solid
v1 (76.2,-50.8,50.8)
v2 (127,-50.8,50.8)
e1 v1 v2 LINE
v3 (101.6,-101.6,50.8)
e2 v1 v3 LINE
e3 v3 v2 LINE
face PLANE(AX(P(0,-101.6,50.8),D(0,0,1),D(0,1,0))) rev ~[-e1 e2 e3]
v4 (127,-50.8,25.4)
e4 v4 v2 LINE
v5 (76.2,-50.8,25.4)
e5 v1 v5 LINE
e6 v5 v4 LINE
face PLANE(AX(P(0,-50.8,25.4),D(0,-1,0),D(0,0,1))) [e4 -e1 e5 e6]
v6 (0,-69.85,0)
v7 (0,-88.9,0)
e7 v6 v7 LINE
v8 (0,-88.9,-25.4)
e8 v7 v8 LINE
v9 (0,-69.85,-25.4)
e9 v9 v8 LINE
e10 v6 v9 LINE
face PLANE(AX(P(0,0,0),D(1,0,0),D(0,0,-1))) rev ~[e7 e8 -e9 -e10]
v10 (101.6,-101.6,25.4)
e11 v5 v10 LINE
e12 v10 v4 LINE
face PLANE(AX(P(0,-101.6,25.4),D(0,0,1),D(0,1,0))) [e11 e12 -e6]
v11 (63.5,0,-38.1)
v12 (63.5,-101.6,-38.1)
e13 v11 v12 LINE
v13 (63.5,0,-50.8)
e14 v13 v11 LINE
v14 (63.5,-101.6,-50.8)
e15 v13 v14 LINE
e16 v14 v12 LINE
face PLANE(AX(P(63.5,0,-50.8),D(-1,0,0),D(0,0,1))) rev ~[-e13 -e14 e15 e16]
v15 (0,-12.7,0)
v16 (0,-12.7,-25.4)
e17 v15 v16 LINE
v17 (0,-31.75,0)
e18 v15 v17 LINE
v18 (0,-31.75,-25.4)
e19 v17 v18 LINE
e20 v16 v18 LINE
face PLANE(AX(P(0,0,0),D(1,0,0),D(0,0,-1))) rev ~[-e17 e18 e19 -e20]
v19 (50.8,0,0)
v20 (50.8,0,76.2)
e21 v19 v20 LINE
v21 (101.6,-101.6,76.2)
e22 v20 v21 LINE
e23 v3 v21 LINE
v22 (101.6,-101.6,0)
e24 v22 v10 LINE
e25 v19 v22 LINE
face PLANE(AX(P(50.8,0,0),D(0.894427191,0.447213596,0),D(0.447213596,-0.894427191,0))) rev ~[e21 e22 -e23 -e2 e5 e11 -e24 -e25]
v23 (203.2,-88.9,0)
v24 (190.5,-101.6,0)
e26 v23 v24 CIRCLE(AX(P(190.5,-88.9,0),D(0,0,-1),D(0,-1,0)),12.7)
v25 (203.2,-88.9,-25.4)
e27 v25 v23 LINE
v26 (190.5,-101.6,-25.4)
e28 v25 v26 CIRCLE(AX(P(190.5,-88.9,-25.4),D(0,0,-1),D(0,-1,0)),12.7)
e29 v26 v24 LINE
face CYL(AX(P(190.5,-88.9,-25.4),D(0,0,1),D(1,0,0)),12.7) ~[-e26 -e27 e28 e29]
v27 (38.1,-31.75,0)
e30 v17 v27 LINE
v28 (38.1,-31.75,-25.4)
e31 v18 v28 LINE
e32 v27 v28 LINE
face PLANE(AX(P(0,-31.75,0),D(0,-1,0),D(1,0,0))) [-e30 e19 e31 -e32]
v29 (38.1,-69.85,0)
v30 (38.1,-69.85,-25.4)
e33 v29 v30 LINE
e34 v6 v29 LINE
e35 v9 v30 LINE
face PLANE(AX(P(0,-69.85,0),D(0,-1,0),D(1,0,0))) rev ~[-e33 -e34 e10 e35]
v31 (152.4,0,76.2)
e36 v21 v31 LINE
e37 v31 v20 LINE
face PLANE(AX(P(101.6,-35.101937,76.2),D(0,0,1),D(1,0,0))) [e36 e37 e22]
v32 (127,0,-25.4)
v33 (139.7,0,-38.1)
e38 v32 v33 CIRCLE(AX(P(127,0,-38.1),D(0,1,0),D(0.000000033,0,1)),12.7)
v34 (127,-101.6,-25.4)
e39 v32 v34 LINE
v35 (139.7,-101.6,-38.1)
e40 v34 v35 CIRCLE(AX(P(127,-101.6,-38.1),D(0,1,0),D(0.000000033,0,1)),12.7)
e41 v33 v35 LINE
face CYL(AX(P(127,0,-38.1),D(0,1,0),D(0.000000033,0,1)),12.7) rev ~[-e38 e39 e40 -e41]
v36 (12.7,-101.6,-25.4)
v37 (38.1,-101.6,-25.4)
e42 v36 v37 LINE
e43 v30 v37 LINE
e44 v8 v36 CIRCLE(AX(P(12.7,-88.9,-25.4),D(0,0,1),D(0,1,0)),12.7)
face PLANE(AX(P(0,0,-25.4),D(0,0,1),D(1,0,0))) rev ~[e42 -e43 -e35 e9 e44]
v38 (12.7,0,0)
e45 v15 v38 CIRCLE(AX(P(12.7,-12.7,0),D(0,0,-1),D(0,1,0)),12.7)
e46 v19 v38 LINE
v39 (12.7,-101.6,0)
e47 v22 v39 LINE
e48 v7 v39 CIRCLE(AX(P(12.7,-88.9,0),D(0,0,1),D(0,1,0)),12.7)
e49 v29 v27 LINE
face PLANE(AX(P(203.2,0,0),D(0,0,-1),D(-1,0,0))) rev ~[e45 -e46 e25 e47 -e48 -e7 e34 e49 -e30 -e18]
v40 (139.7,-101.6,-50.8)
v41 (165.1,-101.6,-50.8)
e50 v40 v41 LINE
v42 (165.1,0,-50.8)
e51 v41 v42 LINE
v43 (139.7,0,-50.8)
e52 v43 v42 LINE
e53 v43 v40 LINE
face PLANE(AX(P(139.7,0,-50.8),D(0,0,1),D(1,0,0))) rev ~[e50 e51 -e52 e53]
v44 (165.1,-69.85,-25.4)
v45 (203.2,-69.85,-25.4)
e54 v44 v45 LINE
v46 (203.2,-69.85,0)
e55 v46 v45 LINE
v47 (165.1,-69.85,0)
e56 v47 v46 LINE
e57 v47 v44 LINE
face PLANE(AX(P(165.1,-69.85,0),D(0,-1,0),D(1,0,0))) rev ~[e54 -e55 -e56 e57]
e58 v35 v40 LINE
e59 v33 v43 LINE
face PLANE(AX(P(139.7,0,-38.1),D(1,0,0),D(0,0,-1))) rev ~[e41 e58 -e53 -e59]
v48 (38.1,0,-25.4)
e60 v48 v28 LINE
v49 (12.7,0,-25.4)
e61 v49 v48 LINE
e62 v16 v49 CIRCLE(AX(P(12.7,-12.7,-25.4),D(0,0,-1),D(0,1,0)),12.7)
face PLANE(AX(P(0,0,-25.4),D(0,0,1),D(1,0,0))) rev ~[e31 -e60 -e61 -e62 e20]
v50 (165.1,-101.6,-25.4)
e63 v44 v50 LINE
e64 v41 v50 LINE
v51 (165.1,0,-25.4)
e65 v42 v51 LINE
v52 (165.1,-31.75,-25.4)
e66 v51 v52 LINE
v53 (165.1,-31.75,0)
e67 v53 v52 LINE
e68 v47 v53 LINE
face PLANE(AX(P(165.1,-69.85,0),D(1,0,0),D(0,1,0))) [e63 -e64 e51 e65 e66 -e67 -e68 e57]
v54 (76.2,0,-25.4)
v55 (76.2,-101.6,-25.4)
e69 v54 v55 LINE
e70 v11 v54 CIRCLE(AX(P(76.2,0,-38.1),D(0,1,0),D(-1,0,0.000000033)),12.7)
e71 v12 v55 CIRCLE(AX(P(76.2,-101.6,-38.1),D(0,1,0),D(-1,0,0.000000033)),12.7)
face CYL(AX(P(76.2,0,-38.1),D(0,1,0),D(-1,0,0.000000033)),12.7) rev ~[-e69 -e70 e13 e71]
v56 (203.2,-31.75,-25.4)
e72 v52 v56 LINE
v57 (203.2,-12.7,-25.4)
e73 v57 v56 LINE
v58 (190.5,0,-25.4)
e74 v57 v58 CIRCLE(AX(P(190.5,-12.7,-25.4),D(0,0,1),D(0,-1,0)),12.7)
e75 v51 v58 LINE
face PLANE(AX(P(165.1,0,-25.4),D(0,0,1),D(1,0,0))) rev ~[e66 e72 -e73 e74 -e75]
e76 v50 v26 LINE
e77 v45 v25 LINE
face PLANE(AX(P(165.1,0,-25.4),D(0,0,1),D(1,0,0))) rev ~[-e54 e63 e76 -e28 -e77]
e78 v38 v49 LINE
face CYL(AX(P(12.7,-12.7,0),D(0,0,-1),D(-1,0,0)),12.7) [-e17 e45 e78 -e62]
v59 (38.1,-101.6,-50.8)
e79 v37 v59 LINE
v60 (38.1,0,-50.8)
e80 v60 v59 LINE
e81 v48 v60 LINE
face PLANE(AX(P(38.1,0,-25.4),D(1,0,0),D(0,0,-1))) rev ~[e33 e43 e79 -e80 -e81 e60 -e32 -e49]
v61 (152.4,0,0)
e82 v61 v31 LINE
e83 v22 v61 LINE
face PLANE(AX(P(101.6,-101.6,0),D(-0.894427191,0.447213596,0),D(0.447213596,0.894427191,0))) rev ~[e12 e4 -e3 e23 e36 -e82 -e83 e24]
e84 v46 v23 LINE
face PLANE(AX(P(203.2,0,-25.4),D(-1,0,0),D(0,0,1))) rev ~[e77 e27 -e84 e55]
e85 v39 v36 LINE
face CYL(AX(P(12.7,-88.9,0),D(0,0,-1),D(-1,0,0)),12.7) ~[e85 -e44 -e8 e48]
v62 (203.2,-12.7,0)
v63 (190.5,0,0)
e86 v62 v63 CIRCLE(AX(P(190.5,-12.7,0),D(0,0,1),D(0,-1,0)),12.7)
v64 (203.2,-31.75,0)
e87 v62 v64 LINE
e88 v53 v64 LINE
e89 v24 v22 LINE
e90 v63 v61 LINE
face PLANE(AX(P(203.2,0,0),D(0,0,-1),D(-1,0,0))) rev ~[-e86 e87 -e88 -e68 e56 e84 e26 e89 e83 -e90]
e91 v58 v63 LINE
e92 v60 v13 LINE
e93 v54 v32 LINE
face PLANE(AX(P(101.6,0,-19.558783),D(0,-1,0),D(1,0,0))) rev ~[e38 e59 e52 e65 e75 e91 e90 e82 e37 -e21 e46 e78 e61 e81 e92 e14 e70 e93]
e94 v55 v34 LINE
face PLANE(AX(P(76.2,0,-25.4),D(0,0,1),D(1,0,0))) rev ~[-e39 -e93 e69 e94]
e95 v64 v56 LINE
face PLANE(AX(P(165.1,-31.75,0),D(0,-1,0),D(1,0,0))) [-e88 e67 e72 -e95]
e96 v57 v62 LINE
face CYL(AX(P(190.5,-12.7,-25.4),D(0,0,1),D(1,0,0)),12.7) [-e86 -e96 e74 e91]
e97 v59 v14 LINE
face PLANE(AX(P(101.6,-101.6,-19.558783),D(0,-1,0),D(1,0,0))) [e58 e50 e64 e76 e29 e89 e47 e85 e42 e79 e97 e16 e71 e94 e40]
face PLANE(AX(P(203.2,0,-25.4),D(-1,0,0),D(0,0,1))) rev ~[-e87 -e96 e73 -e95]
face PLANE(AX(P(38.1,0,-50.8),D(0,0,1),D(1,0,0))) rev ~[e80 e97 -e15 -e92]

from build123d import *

# Parameters (mm, degrees)
F1_DEPTH = 101.6
F3_DEPTH = 76.2
F4_W     = 50.8
F4_H     = 25.4
F5_DEPTH = 203.201
F6_W     = 38.1
F6_H     = 38.1
F7_DEPTH = 50.801
F8_R     = 12.7


with BuildPart() as f1:
    # F0 (on Front) → F1 (new body)
    with BuildSketch(Plane.XZ):
        with BuildLine():
            Line((203.2, 0), (0, 0))
            Line((0, 0), (0, -25.4))
            Line((0, -25.4), (38.1, -25.4))
            Line((38.1, -25.4), (38.1, -50.8))
            Line((38.1, -50.8), (63.5, -50.8))
            Line((63.5, -50.8), (63.5, -38.1))
            ThreePointArc((63.5, -38.1), (67.219744, -29.119744), (76.2, -25.4))
            Line((76.2, -25.4), (127, -25.4))
            ThreePointArc((127, -25.4), (135.980256, -29.119744), (139.7, -38.1))
            Line((139.7, -38.1), (139.7, -50.8))
            Line((139.7, -50.8), (165.1, -50.8))
            Line((165.1, -50.8), (165.1, -25.4))
            Line((165.1, -25.4), (203.2, -25.4))
            Line((203.2, -25.4), (203.2, 0))
        make_face()
    extrude(amount=F1_DEPTH)

    # F2 (on Top) → F3 (join)
    with BuildSketch(Plane.XY):
        Polygon((152.4, 0), (50.8, 0), (101.6, -101.6), align=None)
    extrude(amount=F3_DEPTH)

    # F4 (on Right) → F5 (cut, through all)
    with BuildSketch(Plane.YZ):
        with Locations((-76.2, 38.1)):
            Rectangle(F4_W, F4_H)
    extrude(amount=F5_DEPTH, mode=Mode.SUBTRACT)

    # F6 (on Top) → F7 (cut, through all)
    with BuildSketch(Plane.XY):
        with Locations((19.05, -50.8)):
            Rectangle(F6_W, F6_H)
        with Locations((184.15, -50.8)):
            Rectangle(F6_W, F6_H)
    extrude(amount=-F7_DEPTH, mode=Mode.SUBTRACT)

    # F8
    f8_edges = [f1.edges().sort_by_distance(p)[0] for p in [
        (0, -101.6, -12.7),
        (0, 0, -12.7),
        (203.2, 0, -12.7),
        (203.2, -101.6, -12.7),
    ]]
    fillet(f8_edges, radius=F8_R)


solid = f1.part
